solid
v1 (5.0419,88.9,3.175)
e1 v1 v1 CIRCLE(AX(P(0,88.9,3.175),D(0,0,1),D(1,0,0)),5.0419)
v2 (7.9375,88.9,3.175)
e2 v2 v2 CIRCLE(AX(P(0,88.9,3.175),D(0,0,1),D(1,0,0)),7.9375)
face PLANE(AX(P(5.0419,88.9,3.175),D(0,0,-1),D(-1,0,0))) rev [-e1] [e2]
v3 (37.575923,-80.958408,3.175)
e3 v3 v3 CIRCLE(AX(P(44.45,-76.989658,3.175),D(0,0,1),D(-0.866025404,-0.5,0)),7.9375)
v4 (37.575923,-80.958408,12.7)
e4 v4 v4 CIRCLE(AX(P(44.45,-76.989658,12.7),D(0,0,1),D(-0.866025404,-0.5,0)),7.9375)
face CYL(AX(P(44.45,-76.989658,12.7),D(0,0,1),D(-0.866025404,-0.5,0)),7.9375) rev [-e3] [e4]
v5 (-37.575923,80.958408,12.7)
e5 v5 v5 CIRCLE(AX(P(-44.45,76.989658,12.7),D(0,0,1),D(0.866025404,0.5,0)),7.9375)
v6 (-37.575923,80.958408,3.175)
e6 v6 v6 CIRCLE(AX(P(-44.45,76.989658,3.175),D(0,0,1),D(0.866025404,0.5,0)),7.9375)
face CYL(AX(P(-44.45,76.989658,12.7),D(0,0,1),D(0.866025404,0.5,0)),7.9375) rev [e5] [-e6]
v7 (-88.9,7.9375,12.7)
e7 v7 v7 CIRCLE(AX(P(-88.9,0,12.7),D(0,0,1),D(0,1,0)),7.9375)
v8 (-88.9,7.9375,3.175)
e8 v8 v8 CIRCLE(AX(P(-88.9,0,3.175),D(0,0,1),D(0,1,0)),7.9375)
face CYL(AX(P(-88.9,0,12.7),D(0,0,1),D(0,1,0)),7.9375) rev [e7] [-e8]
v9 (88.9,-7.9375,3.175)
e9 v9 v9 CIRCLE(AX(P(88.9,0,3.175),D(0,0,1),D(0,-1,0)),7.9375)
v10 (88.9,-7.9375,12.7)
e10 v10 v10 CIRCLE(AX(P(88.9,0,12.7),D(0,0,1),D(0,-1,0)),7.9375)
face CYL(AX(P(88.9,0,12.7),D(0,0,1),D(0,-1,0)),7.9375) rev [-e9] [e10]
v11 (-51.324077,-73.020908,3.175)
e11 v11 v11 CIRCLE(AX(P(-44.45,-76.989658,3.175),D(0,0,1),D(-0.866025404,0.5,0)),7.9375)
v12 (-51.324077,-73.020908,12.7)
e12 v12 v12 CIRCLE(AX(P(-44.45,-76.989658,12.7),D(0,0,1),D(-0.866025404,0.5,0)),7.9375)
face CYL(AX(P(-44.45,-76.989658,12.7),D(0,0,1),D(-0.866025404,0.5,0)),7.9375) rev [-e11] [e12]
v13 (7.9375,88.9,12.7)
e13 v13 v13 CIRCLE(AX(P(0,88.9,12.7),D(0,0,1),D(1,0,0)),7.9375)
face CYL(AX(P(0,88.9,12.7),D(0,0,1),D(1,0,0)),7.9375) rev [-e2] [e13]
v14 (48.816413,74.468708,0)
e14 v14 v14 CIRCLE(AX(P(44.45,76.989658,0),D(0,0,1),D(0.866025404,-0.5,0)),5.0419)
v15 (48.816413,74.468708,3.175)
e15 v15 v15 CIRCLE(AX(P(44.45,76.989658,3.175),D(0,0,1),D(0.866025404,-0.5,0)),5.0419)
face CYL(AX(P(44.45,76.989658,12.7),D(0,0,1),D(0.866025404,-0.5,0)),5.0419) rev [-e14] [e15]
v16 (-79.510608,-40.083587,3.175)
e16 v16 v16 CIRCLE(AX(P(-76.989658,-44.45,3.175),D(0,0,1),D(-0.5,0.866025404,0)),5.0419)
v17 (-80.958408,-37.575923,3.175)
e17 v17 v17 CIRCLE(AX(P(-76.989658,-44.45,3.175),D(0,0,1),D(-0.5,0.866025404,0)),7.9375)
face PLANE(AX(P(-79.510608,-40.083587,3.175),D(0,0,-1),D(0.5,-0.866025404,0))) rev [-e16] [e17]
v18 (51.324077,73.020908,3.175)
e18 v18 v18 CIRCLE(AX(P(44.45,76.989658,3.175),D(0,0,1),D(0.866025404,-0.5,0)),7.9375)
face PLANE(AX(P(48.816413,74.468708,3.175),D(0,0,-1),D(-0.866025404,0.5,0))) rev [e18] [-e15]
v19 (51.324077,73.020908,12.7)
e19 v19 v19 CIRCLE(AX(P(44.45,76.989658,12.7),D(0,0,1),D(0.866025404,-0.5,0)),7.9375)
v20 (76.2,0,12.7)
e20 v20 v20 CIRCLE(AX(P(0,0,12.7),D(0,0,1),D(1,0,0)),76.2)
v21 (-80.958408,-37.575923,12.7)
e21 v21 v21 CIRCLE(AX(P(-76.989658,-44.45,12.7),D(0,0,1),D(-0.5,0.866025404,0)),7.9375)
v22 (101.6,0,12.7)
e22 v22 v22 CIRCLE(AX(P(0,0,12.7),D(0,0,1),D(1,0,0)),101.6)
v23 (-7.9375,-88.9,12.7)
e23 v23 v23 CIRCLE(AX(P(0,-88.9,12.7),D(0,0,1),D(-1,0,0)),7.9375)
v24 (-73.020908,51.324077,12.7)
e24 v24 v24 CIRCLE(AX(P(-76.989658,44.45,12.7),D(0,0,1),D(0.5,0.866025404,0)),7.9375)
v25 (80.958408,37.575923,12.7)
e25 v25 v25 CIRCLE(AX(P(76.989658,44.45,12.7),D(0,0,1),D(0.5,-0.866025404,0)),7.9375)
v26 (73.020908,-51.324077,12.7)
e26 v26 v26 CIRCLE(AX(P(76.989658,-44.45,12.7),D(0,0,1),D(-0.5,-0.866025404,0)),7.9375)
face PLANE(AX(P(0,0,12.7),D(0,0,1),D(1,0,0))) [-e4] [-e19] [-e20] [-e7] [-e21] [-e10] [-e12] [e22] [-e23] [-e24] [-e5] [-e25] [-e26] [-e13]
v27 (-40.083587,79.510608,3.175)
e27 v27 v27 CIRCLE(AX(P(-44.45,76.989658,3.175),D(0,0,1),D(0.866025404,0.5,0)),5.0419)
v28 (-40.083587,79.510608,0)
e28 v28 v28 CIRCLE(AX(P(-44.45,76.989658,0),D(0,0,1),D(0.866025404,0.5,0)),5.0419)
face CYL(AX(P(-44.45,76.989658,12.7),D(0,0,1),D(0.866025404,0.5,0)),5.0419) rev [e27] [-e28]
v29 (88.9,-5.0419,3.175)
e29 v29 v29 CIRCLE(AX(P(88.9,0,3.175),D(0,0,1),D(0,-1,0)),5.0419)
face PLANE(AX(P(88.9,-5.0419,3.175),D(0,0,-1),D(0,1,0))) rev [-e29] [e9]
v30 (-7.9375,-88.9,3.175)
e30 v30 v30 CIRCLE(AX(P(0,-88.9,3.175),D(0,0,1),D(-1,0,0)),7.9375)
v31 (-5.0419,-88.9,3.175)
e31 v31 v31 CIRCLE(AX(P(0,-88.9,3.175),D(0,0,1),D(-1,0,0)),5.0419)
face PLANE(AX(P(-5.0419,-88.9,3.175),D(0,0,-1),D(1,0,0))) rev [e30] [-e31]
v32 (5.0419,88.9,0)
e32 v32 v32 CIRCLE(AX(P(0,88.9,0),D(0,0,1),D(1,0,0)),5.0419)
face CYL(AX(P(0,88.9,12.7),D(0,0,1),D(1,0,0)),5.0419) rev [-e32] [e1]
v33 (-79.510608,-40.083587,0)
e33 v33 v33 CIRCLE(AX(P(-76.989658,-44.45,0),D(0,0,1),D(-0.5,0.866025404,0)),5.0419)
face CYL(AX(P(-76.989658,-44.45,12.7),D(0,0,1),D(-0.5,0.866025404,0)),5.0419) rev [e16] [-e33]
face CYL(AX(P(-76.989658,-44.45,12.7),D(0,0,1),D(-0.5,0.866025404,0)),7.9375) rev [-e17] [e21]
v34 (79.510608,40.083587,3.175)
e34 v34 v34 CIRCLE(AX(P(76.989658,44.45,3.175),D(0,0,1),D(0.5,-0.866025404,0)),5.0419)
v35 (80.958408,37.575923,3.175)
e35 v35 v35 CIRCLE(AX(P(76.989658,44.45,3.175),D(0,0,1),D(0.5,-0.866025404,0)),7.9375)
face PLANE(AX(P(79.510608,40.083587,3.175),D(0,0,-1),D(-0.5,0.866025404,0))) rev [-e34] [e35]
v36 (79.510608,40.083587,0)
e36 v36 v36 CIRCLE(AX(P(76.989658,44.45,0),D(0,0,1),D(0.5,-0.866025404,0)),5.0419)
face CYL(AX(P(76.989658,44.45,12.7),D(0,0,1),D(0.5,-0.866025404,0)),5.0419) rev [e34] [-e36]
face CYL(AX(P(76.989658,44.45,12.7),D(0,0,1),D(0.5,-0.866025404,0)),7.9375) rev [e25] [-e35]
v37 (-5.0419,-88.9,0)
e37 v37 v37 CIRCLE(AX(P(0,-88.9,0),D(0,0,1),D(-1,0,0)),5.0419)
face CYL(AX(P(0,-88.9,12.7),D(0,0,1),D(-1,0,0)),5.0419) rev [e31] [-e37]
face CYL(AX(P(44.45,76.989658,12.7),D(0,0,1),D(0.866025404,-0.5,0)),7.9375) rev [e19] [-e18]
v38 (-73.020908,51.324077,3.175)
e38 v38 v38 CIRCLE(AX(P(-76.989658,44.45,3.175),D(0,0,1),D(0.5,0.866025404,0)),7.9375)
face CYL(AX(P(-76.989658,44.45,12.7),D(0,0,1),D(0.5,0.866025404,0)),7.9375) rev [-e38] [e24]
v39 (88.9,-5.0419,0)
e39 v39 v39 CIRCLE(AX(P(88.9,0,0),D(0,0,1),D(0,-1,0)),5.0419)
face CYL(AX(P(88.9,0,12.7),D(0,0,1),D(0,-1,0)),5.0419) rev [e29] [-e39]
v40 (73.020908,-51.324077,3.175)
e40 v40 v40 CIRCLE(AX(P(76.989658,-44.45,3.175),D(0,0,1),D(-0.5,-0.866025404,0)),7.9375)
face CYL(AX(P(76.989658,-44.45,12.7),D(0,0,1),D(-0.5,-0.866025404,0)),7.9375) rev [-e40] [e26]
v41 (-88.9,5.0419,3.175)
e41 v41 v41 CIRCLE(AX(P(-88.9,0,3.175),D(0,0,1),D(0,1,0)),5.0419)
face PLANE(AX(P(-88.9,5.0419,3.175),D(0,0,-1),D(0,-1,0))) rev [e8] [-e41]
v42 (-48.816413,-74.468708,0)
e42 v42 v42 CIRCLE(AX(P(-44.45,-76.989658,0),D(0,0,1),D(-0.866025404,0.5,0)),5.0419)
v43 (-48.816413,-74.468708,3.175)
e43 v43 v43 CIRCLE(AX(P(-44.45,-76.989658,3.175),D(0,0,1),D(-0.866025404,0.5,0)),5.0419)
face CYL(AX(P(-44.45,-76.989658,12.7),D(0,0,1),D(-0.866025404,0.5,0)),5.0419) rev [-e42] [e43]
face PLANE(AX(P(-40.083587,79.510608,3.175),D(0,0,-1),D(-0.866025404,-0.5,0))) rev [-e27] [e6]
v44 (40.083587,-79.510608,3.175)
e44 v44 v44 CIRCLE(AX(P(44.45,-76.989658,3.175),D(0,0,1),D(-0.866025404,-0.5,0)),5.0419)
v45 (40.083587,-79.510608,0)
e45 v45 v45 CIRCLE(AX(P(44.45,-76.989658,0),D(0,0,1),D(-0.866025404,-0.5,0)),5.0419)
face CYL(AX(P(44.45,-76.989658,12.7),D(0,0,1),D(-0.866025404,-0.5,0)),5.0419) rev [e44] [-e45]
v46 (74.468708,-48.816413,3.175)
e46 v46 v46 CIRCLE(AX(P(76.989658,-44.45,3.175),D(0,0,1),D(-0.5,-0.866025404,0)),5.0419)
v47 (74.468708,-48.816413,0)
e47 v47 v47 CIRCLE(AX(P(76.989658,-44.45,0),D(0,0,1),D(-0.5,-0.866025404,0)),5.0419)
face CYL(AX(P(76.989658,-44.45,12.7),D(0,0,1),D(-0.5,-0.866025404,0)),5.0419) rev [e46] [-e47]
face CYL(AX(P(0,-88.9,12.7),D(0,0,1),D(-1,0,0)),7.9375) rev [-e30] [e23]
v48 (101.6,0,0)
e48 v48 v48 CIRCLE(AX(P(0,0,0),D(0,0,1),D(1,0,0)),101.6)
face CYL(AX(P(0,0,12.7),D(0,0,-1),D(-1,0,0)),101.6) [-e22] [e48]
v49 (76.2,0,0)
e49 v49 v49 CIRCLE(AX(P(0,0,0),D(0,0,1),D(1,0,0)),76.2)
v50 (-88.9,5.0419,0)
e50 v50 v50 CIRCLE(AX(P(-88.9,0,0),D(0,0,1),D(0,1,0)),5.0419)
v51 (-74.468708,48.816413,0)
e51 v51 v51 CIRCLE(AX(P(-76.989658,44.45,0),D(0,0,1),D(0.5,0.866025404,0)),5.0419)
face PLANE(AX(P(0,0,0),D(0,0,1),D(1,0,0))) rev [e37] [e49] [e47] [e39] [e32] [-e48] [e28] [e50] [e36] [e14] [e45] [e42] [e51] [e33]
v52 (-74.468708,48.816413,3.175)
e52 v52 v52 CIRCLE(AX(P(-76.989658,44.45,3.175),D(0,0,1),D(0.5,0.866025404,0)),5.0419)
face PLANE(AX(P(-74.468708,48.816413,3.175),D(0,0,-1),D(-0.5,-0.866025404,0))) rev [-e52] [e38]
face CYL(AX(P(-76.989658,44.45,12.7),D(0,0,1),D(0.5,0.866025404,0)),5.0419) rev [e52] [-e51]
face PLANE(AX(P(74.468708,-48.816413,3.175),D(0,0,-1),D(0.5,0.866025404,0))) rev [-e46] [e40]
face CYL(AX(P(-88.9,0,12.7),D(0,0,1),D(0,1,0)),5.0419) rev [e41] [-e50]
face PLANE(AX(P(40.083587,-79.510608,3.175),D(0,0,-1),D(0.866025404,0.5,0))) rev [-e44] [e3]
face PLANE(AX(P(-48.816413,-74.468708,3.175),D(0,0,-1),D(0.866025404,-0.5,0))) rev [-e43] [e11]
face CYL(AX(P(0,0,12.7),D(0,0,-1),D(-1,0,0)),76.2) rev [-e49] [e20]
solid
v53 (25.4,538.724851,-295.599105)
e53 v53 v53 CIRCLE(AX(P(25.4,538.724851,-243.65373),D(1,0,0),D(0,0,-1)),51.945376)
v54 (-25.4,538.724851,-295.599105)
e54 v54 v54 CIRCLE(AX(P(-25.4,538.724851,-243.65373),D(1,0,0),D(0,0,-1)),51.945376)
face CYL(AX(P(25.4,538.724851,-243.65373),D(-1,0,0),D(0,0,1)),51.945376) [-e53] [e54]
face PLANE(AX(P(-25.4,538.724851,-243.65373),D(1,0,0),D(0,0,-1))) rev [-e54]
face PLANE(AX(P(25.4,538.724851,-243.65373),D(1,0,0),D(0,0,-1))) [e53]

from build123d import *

# Parameters (mm, degrees)
SKETCH1_R                                        = 101.6
SKETCH1_R_2                                      = 76.2
BOSS_EXTRUDE1_DEPTH                              = 12.7
CBORE_FOR_3_8_SOCKET_HEAD_CAP_SCREW1_D           = 10.0838
CBORE_FOR_3_8_SOCKET_HEAD_CAP_SCREW1_CBORE_D     = 15.875
CBORE_FOR_3_8_SOCKET_HEAD_CAP_SCREW1_CBORE_DEPTH = 9.525
CIRPATTERN1_COUNT                                = 12
SKETCH5_R                                        = 51.945375868
BOSS_EXTRUDE2_DEPTH                              = 25.4


with BuildPart() as part:
    # Sketch1 → Boss-Extrude1 (new body)
    with BuildSketch(Plane.XY):
        Circle(SKETCH1_R)
        Circle(SKETCH1_R_2, mode=Mode.SUBTRACT)
    extrude(amount=BOSS_EXTRUDE1_DEPTH)

    # CBORE for 3/8 Socket Head Cap Screw1 (through all)
    with Locations(Plane.XY.offset(12.7)):
        with Locations((0, 88.9)):
            cbore_for_3_8_socket_head_cap_screw1 = CounterBoreHole(CBORE_FOR_3_8_SOCKET_HEAD_CAP_SCREW1_D / 2, CBORE_FOR_3_8_SOCKET_HEAD_CAP_SCREW1_CBORE_D / 2, CBORE_FOR_3_8_SOCKET_HEAD_CAP_SCREW1_CBORE_DEPTH)

    # CirPattern1: CBORE for 3/8 Socket Head Cap Screw1 ×12 about axis
    cirpattern1_axis = Axis((0, 0, 0), (0, 0, 1))
    for i in range(1, CIRPATTERN1_COUNT):
        add(cbore_for_3_8_socket_head_cap_screw1.rotate(cirpattern1_axis, i * 360 / CIRPATTERN1_COUNT), mode=Mode.SUBTRACT)


with BuildPart() as body_2:
    # Sketch5 → Boss-Extrude2 (new, symmetric)
    with BuildSketch(Plane(origin=(0, 0, 0), x_dir=(0, 0, -1), z_dir=(1, 0, 0))):
        with Locations((243.653729545, 538.724850835)):
            Circle(SKETCH5_R)
    extrude(amount=BOSS_EXTRUDE2_DEPTH, both=True)


solid = Compound([part.part, body_2.part])
